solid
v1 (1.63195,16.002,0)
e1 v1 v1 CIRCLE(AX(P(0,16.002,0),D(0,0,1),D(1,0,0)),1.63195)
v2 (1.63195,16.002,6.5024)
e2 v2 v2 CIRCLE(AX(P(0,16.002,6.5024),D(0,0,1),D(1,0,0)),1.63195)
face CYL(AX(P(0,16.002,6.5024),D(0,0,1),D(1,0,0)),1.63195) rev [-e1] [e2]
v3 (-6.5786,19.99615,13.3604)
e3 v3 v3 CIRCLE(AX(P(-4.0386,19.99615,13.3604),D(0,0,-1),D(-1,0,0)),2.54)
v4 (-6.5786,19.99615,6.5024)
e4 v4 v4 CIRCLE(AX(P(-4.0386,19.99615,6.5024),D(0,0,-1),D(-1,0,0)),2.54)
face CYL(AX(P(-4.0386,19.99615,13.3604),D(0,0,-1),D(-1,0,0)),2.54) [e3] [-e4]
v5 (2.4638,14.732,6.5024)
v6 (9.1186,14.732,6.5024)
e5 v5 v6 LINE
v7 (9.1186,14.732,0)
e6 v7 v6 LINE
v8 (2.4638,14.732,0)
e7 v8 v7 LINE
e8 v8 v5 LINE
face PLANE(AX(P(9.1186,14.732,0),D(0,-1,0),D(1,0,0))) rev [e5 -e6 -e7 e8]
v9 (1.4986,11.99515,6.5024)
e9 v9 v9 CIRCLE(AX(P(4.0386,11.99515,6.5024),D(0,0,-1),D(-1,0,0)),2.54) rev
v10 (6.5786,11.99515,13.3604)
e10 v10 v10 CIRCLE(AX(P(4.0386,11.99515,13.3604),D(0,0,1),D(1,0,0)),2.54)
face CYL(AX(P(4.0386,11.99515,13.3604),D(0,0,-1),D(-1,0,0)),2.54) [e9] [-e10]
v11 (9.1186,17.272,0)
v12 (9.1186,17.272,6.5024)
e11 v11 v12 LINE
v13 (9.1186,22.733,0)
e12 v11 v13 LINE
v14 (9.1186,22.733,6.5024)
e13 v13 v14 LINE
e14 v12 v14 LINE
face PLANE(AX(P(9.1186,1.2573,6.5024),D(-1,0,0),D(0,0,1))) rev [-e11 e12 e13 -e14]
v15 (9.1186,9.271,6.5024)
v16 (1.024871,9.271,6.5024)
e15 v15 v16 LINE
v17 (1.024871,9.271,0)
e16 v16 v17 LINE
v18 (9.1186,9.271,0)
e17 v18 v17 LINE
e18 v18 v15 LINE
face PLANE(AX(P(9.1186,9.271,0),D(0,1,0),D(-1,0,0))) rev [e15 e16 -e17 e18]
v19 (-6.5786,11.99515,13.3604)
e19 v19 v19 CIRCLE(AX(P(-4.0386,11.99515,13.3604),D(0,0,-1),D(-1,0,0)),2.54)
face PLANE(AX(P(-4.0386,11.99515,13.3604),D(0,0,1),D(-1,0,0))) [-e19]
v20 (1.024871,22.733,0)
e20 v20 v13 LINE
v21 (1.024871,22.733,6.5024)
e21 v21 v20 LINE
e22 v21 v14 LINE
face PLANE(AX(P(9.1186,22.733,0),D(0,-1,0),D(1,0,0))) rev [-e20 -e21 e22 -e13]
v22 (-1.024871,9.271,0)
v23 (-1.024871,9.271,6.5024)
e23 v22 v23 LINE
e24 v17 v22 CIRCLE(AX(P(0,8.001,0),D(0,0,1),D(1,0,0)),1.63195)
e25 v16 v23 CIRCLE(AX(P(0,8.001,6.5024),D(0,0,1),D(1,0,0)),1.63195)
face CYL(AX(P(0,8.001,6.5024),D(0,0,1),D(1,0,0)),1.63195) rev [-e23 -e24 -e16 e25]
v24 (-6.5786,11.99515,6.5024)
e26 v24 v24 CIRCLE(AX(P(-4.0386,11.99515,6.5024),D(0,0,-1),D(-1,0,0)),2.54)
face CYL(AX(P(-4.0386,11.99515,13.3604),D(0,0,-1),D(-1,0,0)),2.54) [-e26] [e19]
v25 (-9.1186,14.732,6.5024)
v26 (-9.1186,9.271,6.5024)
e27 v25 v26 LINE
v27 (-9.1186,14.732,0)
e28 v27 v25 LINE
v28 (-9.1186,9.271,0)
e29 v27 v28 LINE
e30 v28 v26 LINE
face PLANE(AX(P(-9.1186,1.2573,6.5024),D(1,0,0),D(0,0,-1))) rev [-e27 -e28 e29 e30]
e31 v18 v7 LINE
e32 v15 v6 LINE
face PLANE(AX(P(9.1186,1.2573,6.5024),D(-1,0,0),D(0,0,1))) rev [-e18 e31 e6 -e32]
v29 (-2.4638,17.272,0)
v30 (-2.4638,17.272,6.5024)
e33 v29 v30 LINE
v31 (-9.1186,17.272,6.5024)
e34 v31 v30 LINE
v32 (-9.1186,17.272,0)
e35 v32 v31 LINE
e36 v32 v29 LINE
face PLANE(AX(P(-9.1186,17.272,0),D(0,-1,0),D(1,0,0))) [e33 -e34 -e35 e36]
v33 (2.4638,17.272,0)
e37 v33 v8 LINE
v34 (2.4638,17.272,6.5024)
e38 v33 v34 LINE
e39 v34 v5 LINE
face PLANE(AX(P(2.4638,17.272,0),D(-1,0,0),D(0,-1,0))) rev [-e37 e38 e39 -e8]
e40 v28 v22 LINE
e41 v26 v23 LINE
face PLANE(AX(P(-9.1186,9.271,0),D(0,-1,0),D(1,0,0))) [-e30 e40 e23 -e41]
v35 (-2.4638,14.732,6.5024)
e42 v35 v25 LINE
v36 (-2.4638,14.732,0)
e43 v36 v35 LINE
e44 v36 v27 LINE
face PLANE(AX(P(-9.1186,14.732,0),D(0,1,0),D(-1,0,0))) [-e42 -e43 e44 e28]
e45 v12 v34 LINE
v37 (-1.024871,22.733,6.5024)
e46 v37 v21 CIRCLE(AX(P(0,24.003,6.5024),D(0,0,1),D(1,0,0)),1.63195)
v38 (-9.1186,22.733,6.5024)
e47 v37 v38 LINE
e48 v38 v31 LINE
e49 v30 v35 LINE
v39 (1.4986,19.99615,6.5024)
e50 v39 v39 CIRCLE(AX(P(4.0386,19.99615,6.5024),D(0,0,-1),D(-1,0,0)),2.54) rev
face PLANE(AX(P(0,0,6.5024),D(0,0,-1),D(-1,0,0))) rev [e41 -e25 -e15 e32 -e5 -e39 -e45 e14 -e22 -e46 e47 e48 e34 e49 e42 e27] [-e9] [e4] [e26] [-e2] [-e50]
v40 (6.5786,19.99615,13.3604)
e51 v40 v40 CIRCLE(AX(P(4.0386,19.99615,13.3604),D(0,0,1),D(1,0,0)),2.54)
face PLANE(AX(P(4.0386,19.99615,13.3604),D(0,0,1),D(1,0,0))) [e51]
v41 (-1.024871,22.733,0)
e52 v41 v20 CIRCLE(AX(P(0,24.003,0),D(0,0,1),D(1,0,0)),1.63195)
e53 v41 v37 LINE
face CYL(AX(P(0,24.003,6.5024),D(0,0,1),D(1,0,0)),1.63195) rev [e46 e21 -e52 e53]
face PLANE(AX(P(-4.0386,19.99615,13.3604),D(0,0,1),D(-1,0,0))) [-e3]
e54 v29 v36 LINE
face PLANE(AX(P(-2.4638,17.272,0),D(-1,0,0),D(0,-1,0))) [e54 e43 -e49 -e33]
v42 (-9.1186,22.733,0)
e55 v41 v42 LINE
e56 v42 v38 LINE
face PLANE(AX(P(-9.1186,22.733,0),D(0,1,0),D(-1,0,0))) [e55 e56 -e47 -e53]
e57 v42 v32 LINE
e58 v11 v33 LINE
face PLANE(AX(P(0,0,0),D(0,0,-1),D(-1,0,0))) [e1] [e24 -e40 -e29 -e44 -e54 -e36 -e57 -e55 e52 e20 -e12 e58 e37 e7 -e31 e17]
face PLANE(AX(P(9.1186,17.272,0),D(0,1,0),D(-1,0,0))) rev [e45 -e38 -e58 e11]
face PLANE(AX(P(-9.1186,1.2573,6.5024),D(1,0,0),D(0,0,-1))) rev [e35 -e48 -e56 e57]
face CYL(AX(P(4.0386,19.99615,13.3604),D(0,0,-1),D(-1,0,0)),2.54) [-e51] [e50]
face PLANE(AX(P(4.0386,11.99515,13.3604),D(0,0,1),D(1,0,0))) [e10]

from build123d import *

# Parameters (mm, degrees)
SKETCH1_W                 = 18.2372
SKETCH1_H                 = 13.4874
BOSS_EXTRUDE1_DEPTH       = 6.5024
SKETCH2_W                 = 6.6548
SKETCH2_H                 = 2.54
CUT_EXTRUDE1_DEPTH        = 14.073161875
SKETCH5_R                 = 2.54
BOSS_EXTRUDE2_DEPTH       = 6.858
SKETCH6_W                 = 18.2372
SKETCH6_H                 = 5.4737
CUT_EXTRUDE2_DEPTH        = 14.253622888
F_4_CLEARANCE_HOLE1_D     = 3.2639
LPATTERN1_COUNT           = 4
LPATTERN1_PITCH           = 8.001
LPATTERN1_COPY_1_SKETCH_W = 6.6548
LPATTERN1_COPY_1_SKETCH_H = 2.54
LPATTERN1_COPY_1_DEPTH    = 14.073161875
LPATTERN1_COPY_2_SKETCH_W = 6.6548
LPATTERN1_COPY_2_SKETCH_H = 2.54
LPATTERN1_COPY_2_DEPTH    = 14.073161875
LPATTERN1_COPY_3_SKETCH_W = 6.6548
LPATTERN1_COPY_3_SKETCH_H = 2.54
LPATTERN1_COPY_3_DEPTH    = 14.073161875
LPATTERN1_COPY_4_SKETCH_R = 2.54
LPATTERN1_COPY_4_DEPTH    = 6.858
LPATTERN1_COPY_5_SKETCH_R = 2.54
LPATTERN1_COPY_5_DEPTH    = 6.858
LPATTERN1_COPY_6_SKETCH_R = 2.54
LPATTERN1_COPY_6_DEPTH    = 6.858
SKETCH7_W                 = 18.2372
SKETCH7_H                 = 8.0137
CUT_EXTRUDE3_DEPTH        = 33.795435519
SKETCH8_W                 = 18.2372
SKETCH8_H                 = 16.0147
CUT_EXTRUDE5_DEPTH        = 28.900509729


with BuildPart() as part:
    # Sketch1 → Boss-Extrude1 (new body)
    with BuildSketch(Plane.XY):
        Rectangle(SKETCH1_W, SKETCH1_H)
    boss_extrude1 = extrude(amount=BOSS_EXTRUDE1_DEPTH)

    # Sketch2 → Cut-Extrude1 (cut, through all)
    with BuildSketch(Plane.XY.offset(6.5024)):
        with Locations((5.7912, 0)):
            Rectangle(SKETCH2_W, SKETCH2_H)
    cut_extrude1 = extrude(amount=-CUT_EXTRUDE1_DEPTH, mode=Mode.SUBTRACT)

    # Sketch5 → Boss-Extrude2 (add)
    with BuildSketch(Plane.XY.offset(6.5024)):
        with Locations(Location((4.0386, -4.00685, 0), (0, 0, 180))):
            Circle(SKETCH5_R)
    boss_extrude2 = extrude(amount=BOSS_EXTRUDE2_DEPTH)

    # Sketch6 → Cut-Extrude2 (cut, through all)
    with BuildSketch(Plane.XY.offset(6.5024)):
        with Locations((0, 4.00685)):
            Rectangle(SKETCH6_W, SKETCH6_H)
    extrude(amount=-CUT_EXTRUDE2_DEPTH, mode=Mode.SUBTRACT)

    # #4 Clearance Hole1 (through all)
    with Locations(Plane.XY.offset(6.5024)):
        with Locations((0, 0)):
            f_4_clearance_hole1 = Hole(F_4_CLEARANCE_HOLE1_D / 2)

    # Mirror4: Cut-Extrude1, Boss-Extrude2 across plane
    add(cut_extrude1.mirror(Plane(origin=(0, 0, 0), x_dir=(0, 0, 1), z_dir=(1, 0, 0))), mode=Mode.SUBTRACT)
    add(boss_extrude2.mirror(Plane(origin=(0, 0, 0), x_dir=(0, 0, 1), z_dir=(1, 0, 0))))

    # LPattern1: Boss-Extrude1, Cut-Extrude1, Boss-Extrude2, #4 Clearance Hole1 ×4
    with Locations(*[(0, i * LPATTERN1_PITCH, 0) for i in range(1, LPATTERN1_COUNT)]):
        add(boss_extrude1)
        add(cut_extrude1, mode=Mode.SUBTRACT)
        add(boss_extrude2)
        add(f_4_clearance_hole1, mode=Mode.SUBTRACT)

    # LPattern1 copy 1 sketch → LPattern1 copy 1 (cut, through all)
    with BuildSketch(Plane(origin=(0, 8.001, 6.5024), x_dir=(-1, 0, 0), z_dir=(0, 0, 1))):
        with Locations((5.7912, 0)):
            Rectangle(LPATTERN1_COPY_1_SKETCH_W, LPATTERN1_COPY_1_SKETCH_H)
    extrude(amount=-LPATTERN1_COPY_1_DEPTH, mode=Mode.SUBTRACT)

    # LPattern1 copy 2 sketch → LPattern1 copy 2 (cut, through all)
    with BuildSketch(Plane(origin=(0, 16.002, 6.5024), x_dir=(-1, 0, 0), z_dir=(0, 0, 1))):
        with Locations((5.7912, 0)):
            Rectangle(LPATTERN1_COPY_2_SKETCH_W, LPATTERN1_COPY_2_SKETCH_H)
    extrude(amount=-LPATTERN1_COPY_2_DEPTH, mode=Mode.SUBTRACT)

    # LPattern1 copy 3 sketch → LPattern1 copy 3 (cut, through all)
    with BuildSketch(Plane(origin=(0, 24.003, 6.5024), x_dir=(-1, 0, 0), z_dir=(0, 0, 1))):
        with Locations((5.7912, 0)):
            Rectangle(LPATTERN1_COPY_3_SKETCH_W, LPATTERN1_COPY_3_SKETCH_H)
    extrude(amount=-LPATTERN1_COPY_3_DEPTH, mode=Mode.SUBTRACT)

    # LPattern1 copy 4 sketch → LPattern1 copy 4 (add)
    with BuildSketch(Plane(origin=(0, 8.001, 6.5024), x_dir=(-1, 0, 0), z_dir=(0, 0, 1))):
        with Locations((4.0386, 4.00685)):
            Circle(LPATTERN1_COPY_4_SKETCH_R)
    extrude(amount=LPATTERN1_COPY_4_DEPTH)

    # LPattern1 copy 5 sketch → LPattern1 copy 5 (add)
    with BuildSketch(Plane(origin=(0, 16.002, 6.5024), x_dir=(-1, 0, 0), z_dir=(0, 0, 1))):
        with Locations((4.0386, 4.00685)):
            Circle(LPATTERN1_COPY_5_SKETCH_R)
    extrude(amount=LPATTERN1_COPY_5_DEPTH)

    # LPattern1 copy 6 sketch → LPattern1 copy 6 (add)
    with BuildSketch(Plane(origin=(0, 24.003, 6.5024), x_dir=(-1, 0, 0), z_dir=(0, 0, 1))):
        with Locations((4.0386, 4.00685)):
            Circle(LPATTERN1_COPY_6_SKETCH_R)
    extrude(amount=LPATTERN1_COPY_6_DEPTH)

    # Sketch7 → Cut-Extrude3 (cut, through all)
    with BuildSketch(Plane.XY.offset(6.5024)):
        with Locations((0, 26.73985)):
            Rectangle(SKETCH7_W, SKETCH7_H)
    extrude(amount=-CUT_EXTRUDE3_DEPTH, mode=Mode.SUBTRACT)

    # Sketch8 → Cut-Extrude5 (cut, through all)
    with BuildSketch(Plane.XY):
        with Locations((0, 1.26365)):
            Rectangle(SKETCH8_W, SKETCH8_H)
    extrude(amount=CUT_EXTRUDE5_DEPTH, mode=Mode.SUBTRACT)


solid = part.part
